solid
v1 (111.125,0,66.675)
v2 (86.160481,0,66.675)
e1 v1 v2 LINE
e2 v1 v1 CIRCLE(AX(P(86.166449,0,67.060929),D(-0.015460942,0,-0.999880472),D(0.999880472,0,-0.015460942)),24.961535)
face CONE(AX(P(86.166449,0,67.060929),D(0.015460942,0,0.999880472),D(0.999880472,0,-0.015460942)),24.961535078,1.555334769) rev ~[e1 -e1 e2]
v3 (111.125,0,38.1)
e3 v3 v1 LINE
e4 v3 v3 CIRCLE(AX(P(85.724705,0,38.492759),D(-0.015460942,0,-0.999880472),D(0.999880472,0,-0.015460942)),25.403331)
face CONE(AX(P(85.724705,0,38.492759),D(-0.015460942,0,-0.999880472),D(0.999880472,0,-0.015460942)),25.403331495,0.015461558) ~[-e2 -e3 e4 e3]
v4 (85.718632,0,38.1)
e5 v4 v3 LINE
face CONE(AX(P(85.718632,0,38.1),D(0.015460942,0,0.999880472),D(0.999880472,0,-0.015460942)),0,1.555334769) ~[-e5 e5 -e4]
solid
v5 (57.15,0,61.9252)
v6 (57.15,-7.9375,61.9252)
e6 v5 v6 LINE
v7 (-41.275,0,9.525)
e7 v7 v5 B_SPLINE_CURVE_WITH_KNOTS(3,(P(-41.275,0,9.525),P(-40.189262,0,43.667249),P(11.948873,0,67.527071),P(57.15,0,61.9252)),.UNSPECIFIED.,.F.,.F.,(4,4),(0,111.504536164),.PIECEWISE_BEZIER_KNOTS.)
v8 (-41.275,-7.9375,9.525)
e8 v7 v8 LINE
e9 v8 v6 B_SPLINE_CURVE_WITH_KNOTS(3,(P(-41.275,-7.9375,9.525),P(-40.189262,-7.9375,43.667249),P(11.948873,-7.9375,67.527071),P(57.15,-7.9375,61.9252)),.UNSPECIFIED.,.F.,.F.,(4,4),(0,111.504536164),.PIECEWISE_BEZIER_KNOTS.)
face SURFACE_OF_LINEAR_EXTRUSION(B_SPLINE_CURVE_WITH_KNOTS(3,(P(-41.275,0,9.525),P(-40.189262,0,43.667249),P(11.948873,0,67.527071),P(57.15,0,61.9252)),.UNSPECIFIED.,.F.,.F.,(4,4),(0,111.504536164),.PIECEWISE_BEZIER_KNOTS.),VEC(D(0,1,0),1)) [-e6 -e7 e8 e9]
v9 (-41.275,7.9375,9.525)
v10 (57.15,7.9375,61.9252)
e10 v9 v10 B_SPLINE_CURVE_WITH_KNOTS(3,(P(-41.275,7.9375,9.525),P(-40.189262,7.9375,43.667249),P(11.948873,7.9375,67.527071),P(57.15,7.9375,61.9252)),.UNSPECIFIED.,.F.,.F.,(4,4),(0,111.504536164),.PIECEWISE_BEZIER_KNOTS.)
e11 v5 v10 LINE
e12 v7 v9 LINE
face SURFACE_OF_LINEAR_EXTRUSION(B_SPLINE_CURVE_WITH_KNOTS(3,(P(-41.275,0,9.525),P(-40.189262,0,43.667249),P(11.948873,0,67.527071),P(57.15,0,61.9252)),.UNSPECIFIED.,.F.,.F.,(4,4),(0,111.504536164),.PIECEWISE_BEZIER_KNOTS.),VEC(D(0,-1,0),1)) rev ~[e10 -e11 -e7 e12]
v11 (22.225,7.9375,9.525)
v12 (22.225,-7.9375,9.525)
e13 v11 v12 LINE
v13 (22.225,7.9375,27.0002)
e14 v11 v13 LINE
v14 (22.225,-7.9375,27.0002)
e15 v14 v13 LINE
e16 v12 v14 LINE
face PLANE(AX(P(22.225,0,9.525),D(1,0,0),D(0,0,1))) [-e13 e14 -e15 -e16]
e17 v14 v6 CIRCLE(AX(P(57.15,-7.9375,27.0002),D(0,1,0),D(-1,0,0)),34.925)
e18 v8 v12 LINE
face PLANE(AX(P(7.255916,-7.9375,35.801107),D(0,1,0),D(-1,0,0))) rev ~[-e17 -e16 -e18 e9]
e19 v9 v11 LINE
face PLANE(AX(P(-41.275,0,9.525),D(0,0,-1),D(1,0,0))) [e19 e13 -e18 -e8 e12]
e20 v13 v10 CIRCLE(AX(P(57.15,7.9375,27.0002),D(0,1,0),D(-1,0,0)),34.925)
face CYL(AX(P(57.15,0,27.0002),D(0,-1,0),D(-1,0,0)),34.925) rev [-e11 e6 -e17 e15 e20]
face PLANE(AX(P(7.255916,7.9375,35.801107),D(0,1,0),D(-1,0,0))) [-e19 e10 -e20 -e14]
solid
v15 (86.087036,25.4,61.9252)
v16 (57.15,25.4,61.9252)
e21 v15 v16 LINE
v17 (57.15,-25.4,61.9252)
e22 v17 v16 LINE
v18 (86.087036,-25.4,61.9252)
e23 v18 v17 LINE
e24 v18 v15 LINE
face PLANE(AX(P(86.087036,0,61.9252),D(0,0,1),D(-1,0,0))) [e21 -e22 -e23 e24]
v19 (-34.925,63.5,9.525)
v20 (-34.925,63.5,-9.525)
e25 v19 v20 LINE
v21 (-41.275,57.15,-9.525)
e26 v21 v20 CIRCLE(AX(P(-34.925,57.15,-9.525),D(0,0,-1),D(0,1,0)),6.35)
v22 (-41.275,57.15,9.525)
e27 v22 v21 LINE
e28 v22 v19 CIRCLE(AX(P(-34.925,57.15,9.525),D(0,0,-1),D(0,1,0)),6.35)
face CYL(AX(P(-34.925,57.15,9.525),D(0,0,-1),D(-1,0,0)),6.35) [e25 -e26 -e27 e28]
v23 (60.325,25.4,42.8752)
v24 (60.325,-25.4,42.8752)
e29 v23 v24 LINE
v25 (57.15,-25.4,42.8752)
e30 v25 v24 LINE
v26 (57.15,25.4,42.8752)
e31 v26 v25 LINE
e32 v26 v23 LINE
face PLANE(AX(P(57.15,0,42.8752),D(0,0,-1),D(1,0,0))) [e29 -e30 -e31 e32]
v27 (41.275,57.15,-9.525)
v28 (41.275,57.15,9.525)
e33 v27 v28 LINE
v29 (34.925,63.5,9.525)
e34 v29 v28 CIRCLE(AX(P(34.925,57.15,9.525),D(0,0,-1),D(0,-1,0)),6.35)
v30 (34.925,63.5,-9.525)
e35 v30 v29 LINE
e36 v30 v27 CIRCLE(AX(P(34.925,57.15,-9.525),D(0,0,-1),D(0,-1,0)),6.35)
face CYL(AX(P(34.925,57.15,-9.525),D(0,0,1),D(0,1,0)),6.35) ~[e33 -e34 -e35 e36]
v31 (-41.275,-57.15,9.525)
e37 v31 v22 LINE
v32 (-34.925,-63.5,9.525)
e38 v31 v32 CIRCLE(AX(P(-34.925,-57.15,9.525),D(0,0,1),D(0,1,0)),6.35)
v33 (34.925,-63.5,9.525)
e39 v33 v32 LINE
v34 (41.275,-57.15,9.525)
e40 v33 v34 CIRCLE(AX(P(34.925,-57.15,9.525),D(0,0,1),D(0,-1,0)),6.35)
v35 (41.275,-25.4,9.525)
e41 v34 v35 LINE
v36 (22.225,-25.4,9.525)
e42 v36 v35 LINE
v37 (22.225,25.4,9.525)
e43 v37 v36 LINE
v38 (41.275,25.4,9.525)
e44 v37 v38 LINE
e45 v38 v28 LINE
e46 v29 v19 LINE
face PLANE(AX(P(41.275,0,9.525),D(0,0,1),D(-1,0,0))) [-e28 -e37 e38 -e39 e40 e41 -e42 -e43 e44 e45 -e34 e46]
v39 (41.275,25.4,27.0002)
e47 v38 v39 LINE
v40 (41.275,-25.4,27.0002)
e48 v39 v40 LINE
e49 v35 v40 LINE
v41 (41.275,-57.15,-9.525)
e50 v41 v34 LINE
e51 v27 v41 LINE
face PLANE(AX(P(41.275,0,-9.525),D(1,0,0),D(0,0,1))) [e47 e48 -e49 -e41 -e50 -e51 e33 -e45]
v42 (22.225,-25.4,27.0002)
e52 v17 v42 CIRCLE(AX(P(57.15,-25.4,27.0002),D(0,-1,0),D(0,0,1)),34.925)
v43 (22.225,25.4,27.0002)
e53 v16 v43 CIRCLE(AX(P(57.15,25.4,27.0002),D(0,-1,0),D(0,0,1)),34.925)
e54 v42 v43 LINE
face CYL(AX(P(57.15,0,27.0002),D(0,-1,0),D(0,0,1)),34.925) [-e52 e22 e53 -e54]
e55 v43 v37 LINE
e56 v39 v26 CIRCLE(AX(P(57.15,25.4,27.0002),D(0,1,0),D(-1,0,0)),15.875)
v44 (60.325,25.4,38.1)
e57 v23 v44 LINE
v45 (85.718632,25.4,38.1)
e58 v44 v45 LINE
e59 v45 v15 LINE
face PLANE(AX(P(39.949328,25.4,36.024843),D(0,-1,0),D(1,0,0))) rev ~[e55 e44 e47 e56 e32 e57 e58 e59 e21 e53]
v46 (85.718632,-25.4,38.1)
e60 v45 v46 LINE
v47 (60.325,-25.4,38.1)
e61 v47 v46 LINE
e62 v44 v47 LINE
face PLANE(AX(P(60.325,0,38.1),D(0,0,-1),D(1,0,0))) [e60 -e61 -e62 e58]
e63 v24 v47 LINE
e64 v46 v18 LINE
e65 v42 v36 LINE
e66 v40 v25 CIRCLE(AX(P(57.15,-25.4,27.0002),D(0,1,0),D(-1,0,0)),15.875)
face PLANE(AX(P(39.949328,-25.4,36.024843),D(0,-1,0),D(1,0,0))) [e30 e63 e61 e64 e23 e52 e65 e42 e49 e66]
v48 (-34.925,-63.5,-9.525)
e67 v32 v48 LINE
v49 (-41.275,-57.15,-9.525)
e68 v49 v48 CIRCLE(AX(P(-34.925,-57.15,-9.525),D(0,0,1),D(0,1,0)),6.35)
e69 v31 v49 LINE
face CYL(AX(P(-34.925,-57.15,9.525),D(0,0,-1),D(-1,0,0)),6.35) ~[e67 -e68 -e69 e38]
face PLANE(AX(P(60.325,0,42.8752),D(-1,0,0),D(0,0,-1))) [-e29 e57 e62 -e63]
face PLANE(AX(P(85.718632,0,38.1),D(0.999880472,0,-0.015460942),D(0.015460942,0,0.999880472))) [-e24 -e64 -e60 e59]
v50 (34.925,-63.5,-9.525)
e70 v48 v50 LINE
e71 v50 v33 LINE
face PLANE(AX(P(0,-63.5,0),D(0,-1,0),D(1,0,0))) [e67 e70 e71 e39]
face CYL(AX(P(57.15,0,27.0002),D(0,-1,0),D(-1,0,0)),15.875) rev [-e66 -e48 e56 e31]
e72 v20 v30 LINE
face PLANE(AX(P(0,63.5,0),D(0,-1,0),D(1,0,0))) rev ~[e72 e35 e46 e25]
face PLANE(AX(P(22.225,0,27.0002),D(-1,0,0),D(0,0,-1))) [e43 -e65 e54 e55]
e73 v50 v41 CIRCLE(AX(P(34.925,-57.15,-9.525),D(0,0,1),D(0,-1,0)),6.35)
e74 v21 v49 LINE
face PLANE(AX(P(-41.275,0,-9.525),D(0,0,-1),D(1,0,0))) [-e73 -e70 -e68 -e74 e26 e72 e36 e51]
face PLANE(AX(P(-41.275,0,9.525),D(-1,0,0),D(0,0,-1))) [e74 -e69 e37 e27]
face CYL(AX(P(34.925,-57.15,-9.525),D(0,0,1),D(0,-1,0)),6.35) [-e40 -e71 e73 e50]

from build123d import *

# Parameters (mm, degrees)
F1_DEPTH = 63.5
F2_DEPTH = 25.4
F3_DEPTH = 7.9375
F5_R     = 6.35


with BuildPart() as f1:
    # F0 (on Front) → F1 (new body, symmetric)
    with BuildSketch(Plane.XZ):
        Polygon((22.225, 9.525), (-41.275, 9.525), (-41.275, -9.525), (41.275, -9.525), (41.275, 9.525), align=None)
    extrude(amount=F1_DEPTH, both=True)

    # F0 (on Front) → F2 (join, symmetric)
    with BuildSketch(Plane.XZ):
        with BuildLine():
            Line((22.225, 27.0002), (22.225, 9.525))
            Line((22.225, 9.525), (41.275, 9.525))
            Line((41.275, 9.525), (41.275, 27.0002))
            ThreePointArc((41.275, 27.0002), (45.9246798487, 38.2255201513), (57.15, 42.8752))
            Line((57.15, 42.8752), (60.325, 42.8752))
            Line((60.325, 42.8752), (60.325, 61.9252))
            Line((60.325, 61.9252), (57.15, 61.9252))
            ThreePointArc((57.15, 61.9252), (32.4542956671, 51.6959043329), (22.225, 27.0002))
        make_face()
        Polygon((86.0870358149, 61.9252), (60.325, 61.9252), (60.325, 42.8752), (60.325, 38.1), (85.7186317444, 38.1), align=None)
    extrude(amount=F2_DEPTH, both=True)

    # F5
    f5_edges = [f1.edges().sort_by_distance(p)[0] for p in [
        (41.275, -63.5, 0),
        (-41.275, -63.5, 0),
        (41.275, 63.5, 0),
        (-41.275, 63.5, 0),
    ]]
    fillet(f5_edges, radius=F5_R)


with BuildPart() as f3:
    # F0 (on Front) → F3 (new body, symmetric)
    with BuildSketch(Plane.XZ):
        with BuildLine():
            add(Edge.make_bspline(
                [(-41.275, 9.525), (-40.1892624795, 43.6672493815), (11.9488732889, 67.5270706415), (57.15, 61.9252)],
                knots=[0, 0, 0, 0, 111.5045361635, 111.5045361635, 111.5045361635, 111.5045361635], degree=3))
            Line((-41.275, 9.525), (22.225, 9.525))
            Line((22.225, 9.525), (22.225, 27.0002))
            ThreePointArc((22.225, 27.0002), (32.4542956671, 51.6959043329), (57.15, 61.9252))
        make_face()
    extrude(amount=F3_DEPTH, both=True)


with BuildPart() as f4:
    # F0 (on Front) → F4 (revolve)
    with BuildSketch(Plane.XZ):
        Polygon((86.1604809761, 66.675), (86.0870358149, 61.9252), (85.7186317444, 38.1), (111.125, 38.1), (111.125, 66.675), align=None)
    revolve(axis=Axis((85.9395563602, 0, 52.3875), (-0.015460942, 0, -0.9998804725)))


solid = Compound([f1.part, f3.part, f4.part])
